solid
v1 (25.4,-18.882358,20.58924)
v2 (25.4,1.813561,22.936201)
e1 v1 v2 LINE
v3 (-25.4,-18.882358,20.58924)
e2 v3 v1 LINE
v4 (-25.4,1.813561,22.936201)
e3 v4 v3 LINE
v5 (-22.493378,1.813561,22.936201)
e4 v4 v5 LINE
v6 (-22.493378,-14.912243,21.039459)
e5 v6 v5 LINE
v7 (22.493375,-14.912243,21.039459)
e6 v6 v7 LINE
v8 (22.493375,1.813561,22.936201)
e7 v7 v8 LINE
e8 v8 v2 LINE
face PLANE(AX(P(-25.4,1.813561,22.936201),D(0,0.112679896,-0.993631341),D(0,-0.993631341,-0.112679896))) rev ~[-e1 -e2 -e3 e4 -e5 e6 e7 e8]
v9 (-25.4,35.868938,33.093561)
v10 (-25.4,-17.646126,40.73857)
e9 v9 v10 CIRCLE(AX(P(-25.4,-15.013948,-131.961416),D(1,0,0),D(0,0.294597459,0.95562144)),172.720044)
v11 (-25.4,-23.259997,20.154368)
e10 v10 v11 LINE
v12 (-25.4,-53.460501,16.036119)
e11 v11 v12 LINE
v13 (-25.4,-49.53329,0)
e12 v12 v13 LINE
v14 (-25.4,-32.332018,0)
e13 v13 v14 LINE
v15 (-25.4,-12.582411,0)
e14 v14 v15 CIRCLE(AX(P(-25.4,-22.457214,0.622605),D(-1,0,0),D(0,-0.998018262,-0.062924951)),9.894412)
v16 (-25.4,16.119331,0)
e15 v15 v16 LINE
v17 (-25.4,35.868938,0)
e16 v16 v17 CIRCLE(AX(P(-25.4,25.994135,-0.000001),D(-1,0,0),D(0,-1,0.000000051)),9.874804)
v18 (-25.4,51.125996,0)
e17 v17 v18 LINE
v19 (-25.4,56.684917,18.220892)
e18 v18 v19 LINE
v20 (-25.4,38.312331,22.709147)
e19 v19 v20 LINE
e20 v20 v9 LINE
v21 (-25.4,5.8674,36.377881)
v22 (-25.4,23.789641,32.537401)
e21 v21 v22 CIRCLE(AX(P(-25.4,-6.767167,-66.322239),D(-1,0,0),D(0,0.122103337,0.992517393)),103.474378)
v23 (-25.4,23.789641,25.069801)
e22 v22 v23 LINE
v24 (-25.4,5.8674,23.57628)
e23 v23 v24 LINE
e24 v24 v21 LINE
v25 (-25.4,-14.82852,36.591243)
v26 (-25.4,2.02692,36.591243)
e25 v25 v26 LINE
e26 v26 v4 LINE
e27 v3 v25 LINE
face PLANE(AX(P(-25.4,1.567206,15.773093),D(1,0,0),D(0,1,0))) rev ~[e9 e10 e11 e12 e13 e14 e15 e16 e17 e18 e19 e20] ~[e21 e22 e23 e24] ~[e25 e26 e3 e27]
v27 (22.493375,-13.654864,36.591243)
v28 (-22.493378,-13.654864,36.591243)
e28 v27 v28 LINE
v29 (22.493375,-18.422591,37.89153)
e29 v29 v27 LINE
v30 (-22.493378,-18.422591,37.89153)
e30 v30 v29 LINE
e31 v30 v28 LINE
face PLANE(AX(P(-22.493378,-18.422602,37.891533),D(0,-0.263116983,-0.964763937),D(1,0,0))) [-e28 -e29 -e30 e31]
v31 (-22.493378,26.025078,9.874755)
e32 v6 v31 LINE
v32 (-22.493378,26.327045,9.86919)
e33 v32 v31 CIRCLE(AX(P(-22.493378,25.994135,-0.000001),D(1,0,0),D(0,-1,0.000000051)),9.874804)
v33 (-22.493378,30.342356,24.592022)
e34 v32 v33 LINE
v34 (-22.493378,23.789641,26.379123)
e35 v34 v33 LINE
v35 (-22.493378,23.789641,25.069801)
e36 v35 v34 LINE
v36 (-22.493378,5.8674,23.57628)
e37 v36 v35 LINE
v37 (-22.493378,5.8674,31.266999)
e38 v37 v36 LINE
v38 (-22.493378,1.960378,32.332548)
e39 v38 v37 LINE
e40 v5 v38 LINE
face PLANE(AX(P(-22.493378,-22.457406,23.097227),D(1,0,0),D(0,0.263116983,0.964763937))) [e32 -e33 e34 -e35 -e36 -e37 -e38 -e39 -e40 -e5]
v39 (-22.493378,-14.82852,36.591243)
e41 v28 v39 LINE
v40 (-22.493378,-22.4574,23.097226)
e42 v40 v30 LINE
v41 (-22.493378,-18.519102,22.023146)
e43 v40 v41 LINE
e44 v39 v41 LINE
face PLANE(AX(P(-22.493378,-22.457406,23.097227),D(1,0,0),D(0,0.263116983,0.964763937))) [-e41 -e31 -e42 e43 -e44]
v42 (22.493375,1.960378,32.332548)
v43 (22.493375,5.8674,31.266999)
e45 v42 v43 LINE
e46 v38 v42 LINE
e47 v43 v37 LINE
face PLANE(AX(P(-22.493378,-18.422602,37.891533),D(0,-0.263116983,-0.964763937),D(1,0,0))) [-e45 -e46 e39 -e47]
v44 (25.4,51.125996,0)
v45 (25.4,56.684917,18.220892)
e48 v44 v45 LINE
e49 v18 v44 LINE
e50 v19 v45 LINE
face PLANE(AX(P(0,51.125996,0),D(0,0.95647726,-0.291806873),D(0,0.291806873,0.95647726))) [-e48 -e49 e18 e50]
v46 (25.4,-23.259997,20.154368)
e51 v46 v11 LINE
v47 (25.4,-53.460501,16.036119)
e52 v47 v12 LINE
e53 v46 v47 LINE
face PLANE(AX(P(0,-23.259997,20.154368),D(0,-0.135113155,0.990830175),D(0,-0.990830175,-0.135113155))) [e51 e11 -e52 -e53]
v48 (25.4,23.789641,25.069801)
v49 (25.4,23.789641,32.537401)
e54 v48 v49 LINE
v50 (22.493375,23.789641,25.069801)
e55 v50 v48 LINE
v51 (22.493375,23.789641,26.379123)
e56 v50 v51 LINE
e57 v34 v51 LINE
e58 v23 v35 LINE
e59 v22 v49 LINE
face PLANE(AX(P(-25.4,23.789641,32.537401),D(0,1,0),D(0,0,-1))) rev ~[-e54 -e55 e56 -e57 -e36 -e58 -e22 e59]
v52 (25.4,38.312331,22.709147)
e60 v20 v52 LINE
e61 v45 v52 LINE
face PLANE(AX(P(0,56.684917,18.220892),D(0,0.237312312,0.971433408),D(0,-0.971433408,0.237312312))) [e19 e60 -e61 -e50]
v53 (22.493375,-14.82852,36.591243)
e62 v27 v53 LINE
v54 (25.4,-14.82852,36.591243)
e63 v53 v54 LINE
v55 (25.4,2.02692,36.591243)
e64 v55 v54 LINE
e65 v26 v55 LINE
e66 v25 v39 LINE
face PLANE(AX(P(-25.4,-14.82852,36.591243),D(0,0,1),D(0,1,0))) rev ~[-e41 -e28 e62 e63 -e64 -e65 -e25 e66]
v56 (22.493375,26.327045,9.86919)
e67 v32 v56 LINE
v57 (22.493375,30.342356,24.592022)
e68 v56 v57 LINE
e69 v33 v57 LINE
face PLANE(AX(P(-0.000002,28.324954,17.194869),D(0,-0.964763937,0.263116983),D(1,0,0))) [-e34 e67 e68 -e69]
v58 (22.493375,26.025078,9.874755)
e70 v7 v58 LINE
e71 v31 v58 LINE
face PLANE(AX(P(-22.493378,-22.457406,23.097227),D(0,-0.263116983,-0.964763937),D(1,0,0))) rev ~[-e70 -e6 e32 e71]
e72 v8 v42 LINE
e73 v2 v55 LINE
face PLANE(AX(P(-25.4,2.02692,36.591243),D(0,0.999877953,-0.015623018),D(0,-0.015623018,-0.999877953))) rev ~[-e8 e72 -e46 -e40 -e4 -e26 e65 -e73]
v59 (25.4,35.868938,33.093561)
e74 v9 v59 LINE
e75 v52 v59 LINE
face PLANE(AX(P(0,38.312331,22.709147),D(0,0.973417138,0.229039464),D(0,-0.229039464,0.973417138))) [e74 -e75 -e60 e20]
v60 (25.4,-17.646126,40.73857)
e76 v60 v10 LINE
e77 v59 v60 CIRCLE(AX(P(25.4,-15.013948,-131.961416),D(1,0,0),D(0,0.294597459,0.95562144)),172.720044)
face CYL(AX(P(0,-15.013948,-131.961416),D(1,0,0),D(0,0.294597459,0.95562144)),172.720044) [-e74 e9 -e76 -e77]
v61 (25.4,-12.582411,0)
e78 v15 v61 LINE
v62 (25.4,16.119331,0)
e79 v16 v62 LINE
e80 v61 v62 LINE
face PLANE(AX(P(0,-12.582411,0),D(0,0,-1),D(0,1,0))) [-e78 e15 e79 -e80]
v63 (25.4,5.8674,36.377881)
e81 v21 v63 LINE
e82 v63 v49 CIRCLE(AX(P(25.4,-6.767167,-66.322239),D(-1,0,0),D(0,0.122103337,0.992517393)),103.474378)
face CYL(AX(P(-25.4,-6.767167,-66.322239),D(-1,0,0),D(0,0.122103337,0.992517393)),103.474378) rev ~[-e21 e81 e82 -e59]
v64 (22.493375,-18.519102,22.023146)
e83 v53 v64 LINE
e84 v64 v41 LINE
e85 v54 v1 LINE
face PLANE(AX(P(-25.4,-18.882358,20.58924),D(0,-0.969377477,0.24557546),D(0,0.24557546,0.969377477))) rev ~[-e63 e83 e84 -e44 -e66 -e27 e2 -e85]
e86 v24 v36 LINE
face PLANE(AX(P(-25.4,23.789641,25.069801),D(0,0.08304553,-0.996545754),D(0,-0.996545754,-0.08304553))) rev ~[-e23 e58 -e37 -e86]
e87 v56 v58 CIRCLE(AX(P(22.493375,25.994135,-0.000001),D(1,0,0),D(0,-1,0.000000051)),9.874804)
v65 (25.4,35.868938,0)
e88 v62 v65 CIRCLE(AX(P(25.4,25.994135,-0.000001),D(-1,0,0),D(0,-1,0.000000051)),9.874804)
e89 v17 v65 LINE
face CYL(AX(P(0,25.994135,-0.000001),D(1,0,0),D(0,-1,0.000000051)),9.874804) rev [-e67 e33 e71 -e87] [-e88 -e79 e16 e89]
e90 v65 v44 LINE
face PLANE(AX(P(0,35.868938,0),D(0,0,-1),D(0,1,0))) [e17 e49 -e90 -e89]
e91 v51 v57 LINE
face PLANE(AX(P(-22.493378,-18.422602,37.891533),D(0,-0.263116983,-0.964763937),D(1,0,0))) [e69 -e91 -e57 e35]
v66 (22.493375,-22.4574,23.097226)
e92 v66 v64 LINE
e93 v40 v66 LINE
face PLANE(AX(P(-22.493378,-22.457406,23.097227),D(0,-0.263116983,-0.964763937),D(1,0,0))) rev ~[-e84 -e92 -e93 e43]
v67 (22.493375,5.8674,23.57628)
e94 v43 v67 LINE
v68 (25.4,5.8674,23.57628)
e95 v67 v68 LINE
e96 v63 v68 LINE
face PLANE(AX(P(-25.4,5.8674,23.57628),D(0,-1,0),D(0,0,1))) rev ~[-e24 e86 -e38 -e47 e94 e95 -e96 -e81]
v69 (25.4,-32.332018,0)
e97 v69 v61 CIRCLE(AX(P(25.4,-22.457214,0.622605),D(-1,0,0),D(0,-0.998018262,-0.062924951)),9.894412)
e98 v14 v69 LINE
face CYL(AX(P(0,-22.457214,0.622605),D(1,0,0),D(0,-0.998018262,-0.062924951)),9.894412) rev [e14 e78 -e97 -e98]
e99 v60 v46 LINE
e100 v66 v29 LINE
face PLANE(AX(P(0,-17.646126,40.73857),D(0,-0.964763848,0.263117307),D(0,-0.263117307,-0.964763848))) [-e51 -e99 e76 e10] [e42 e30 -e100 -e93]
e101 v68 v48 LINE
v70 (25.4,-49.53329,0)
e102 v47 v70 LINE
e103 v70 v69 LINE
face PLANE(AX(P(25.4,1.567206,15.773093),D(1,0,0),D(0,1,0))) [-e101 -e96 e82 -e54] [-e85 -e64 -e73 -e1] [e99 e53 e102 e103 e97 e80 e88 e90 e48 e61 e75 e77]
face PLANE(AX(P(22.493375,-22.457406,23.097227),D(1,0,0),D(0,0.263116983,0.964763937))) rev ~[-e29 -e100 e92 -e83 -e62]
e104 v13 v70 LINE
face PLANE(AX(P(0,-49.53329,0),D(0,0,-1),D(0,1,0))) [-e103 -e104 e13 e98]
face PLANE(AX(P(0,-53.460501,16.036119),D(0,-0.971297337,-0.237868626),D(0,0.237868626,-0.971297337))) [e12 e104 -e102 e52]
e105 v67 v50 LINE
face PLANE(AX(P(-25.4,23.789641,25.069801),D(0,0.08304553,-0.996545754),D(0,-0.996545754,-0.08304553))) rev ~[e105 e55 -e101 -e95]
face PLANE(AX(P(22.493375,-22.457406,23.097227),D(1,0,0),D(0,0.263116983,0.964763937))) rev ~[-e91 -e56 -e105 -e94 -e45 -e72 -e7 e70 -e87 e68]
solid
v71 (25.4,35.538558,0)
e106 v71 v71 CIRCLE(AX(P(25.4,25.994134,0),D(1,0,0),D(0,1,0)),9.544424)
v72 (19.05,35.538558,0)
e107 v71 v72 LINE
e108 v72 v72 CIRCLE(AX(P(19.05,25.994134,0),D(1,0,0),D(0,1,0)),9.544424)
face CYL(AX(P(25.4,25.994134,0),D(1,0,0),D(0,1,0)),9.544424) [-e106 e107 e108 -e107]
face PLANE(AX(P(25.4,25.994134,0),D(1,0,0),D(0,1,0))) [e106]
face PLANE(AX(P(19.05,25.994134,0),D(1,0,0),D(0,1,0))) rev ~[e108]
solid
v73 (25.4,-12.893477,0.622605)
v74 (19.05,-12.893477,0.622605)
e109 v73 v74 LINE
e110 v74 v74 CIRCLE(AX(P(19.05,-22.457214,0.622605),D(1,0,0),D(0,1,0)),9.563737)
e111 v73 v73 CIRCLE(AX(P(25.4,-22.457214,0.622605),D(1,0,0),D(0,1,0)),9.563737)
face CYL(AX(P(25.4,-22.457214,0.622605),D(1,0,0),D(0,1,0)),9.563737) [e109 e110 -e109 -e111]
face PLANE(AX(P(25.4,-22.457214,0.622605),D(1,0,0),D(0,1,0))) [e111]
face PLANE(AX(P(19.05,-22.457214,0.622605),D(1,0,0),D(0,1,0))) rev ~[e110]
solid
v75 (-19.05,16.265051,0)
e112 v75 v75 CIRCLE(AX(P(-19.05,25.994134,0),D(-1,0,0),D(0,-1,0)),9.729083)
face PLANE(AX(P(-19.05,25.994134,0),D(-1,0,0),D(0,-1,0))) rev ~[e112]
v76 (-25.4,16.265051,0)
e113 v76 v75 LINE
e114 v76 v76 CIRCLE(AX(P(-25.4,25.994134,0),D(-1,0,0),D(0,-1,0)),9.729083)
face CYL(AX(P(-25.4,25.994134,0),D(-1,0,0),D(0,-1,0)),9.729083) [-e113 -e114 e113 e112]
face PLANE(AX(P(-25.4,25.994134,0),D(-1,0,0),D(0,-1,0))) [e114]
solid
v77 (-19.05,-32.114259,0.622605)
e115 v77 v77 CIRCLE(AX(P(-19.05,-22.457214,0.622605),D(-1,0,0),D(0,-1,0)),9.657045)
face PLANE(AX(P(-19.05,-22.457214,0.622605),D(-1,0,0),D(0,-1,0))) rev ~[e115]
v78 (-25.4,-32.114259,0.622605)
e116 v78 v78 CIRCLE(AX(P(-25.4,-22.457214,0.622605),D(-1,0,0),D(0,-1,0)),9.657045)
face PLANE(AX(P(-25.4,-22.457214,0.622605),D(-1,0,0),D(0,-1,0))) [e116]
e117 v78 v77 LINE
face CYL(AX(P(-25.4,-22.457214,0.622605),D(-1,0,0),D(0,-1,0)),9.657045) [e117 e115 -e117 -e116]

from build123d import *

# Parameters (mm, degrees)
F1_DEPTH = 25.4
F2_R     = 9.563737
F2_R_2   = 9.544424
F3_DEPTH = 6.35
F4_R     = 9.729083
F4_R_2   = 9.657045
F5_DEPTH = 6.35
F6_W     = 44.986753
F6_H     = 15.334638
F7_DEPTH = 50.546
F9_DEPTH = 59.69


with BuildPart() as f1:
    # F0 (on Right) → F1 (new body, symmetric)
    with BuildSketch(Plane.YZ):
        with BuildLine():
            Line((-53.460501, 16.036119), (-49.53329, 0))
            Line((-49.53329, 0), (-32.332018, 0))
            ThreePointArc((-32.332018, 0), (-22.457214, 10.517017), (-12.582411, 0))
            Line((-12.582411, 0), (16.119331, 0))
            ThreePointArc((16.119331, 0), (25.994134, 9.874803), (35.868938, 0))
            Line((35.868938, 0), (51.125996, 0))
            Line((51.125996, 0), (56.684917, 18.220892))
            Line((56.684917, 18.220892), (38.312331, 22.709147))
            Line((38.312331, 22.709147), (35.868938, 33.093561))
            ThreePointArc((35.868938, 33.093561), (9.412354, 39.022704), (-17.646126, 40.73857))
            Line((-17.646126, 40.73857), (-23.259997, 20.154368))
            Line((-23.259997, 20.154368), (-53.460501, 16.036119))
        make_face()
    extrude(amount=F1_DEPTH, both=True)

    # F6 (on face) → F7 (cut)
    with BuildSketch(Plane(origin=(0, -26.765798, 7.299761), x_dir=(1, 0, 0), z_dir=(0, -0.964764, 0.263117))):
        with Locations((-2e-06, 24.041756)):
            Rectangle(F6_W, F6_H)
    extrude(amount=-F7_DEPTH, mode=Mode.SUBTRACT)

    # F8 (on face) → F9 (cut)
    with BuildSketch(Plane(origin=(-25.4, 0, 0), x_dir=(0, -1, 0), z_dir=(-1, 0, 0))):
        Polygon((-2.02692, 36.591243), (-1.813561, 22.936201), (18.882358, 20.58924), (14.82852, 36.591243), align=None)
        with BuildLine():
            Line((-23.789641, 25.069801), (-5.8674, 23.57628))
            Line((-5.8674, 23.57628), (-5.8674, 36.377881))
            ThreePointArc((-5.8674, 36.377881), (-14.913724, 34.855258), (-23.789641, 32.537401))
            Line((-23.789641, 32.537401), (-23.789641, 25.069801))
        make_face()
    extrude(amount=-F9_DEPTH, mode=Mode.SUBTRACT)


with BuildPart() as f3:
    # F2 (on face) → F3 (new body)
    with BuildSketch(Plane.YZ.offset(25.4)):
        with Locations((-22.457214, 0.622605)):
            Circle(F2_R)
        with Locations((25.994134, 0)):
            Circle(F2_R_2)
    extrude(amount=-F3_DEPTH)


with BuildPart() as f5:
    # F4 (on face) → F5 (new body)
    with BuildSketch(Plane(origin=(-25.4, 0, 0), x_dir=(0, -1, 0), z_dir=(-1, 0, 0))):
        with Locations((-25.994134, 0)):
            Circle(F4_R)
        with Locations((22.457214, 0.622605)):
            Circle(F4_R_2)
    extrude(amount=-F5_DEPTH)


solid = Compound([f1.part, f3.part, f5.part])
